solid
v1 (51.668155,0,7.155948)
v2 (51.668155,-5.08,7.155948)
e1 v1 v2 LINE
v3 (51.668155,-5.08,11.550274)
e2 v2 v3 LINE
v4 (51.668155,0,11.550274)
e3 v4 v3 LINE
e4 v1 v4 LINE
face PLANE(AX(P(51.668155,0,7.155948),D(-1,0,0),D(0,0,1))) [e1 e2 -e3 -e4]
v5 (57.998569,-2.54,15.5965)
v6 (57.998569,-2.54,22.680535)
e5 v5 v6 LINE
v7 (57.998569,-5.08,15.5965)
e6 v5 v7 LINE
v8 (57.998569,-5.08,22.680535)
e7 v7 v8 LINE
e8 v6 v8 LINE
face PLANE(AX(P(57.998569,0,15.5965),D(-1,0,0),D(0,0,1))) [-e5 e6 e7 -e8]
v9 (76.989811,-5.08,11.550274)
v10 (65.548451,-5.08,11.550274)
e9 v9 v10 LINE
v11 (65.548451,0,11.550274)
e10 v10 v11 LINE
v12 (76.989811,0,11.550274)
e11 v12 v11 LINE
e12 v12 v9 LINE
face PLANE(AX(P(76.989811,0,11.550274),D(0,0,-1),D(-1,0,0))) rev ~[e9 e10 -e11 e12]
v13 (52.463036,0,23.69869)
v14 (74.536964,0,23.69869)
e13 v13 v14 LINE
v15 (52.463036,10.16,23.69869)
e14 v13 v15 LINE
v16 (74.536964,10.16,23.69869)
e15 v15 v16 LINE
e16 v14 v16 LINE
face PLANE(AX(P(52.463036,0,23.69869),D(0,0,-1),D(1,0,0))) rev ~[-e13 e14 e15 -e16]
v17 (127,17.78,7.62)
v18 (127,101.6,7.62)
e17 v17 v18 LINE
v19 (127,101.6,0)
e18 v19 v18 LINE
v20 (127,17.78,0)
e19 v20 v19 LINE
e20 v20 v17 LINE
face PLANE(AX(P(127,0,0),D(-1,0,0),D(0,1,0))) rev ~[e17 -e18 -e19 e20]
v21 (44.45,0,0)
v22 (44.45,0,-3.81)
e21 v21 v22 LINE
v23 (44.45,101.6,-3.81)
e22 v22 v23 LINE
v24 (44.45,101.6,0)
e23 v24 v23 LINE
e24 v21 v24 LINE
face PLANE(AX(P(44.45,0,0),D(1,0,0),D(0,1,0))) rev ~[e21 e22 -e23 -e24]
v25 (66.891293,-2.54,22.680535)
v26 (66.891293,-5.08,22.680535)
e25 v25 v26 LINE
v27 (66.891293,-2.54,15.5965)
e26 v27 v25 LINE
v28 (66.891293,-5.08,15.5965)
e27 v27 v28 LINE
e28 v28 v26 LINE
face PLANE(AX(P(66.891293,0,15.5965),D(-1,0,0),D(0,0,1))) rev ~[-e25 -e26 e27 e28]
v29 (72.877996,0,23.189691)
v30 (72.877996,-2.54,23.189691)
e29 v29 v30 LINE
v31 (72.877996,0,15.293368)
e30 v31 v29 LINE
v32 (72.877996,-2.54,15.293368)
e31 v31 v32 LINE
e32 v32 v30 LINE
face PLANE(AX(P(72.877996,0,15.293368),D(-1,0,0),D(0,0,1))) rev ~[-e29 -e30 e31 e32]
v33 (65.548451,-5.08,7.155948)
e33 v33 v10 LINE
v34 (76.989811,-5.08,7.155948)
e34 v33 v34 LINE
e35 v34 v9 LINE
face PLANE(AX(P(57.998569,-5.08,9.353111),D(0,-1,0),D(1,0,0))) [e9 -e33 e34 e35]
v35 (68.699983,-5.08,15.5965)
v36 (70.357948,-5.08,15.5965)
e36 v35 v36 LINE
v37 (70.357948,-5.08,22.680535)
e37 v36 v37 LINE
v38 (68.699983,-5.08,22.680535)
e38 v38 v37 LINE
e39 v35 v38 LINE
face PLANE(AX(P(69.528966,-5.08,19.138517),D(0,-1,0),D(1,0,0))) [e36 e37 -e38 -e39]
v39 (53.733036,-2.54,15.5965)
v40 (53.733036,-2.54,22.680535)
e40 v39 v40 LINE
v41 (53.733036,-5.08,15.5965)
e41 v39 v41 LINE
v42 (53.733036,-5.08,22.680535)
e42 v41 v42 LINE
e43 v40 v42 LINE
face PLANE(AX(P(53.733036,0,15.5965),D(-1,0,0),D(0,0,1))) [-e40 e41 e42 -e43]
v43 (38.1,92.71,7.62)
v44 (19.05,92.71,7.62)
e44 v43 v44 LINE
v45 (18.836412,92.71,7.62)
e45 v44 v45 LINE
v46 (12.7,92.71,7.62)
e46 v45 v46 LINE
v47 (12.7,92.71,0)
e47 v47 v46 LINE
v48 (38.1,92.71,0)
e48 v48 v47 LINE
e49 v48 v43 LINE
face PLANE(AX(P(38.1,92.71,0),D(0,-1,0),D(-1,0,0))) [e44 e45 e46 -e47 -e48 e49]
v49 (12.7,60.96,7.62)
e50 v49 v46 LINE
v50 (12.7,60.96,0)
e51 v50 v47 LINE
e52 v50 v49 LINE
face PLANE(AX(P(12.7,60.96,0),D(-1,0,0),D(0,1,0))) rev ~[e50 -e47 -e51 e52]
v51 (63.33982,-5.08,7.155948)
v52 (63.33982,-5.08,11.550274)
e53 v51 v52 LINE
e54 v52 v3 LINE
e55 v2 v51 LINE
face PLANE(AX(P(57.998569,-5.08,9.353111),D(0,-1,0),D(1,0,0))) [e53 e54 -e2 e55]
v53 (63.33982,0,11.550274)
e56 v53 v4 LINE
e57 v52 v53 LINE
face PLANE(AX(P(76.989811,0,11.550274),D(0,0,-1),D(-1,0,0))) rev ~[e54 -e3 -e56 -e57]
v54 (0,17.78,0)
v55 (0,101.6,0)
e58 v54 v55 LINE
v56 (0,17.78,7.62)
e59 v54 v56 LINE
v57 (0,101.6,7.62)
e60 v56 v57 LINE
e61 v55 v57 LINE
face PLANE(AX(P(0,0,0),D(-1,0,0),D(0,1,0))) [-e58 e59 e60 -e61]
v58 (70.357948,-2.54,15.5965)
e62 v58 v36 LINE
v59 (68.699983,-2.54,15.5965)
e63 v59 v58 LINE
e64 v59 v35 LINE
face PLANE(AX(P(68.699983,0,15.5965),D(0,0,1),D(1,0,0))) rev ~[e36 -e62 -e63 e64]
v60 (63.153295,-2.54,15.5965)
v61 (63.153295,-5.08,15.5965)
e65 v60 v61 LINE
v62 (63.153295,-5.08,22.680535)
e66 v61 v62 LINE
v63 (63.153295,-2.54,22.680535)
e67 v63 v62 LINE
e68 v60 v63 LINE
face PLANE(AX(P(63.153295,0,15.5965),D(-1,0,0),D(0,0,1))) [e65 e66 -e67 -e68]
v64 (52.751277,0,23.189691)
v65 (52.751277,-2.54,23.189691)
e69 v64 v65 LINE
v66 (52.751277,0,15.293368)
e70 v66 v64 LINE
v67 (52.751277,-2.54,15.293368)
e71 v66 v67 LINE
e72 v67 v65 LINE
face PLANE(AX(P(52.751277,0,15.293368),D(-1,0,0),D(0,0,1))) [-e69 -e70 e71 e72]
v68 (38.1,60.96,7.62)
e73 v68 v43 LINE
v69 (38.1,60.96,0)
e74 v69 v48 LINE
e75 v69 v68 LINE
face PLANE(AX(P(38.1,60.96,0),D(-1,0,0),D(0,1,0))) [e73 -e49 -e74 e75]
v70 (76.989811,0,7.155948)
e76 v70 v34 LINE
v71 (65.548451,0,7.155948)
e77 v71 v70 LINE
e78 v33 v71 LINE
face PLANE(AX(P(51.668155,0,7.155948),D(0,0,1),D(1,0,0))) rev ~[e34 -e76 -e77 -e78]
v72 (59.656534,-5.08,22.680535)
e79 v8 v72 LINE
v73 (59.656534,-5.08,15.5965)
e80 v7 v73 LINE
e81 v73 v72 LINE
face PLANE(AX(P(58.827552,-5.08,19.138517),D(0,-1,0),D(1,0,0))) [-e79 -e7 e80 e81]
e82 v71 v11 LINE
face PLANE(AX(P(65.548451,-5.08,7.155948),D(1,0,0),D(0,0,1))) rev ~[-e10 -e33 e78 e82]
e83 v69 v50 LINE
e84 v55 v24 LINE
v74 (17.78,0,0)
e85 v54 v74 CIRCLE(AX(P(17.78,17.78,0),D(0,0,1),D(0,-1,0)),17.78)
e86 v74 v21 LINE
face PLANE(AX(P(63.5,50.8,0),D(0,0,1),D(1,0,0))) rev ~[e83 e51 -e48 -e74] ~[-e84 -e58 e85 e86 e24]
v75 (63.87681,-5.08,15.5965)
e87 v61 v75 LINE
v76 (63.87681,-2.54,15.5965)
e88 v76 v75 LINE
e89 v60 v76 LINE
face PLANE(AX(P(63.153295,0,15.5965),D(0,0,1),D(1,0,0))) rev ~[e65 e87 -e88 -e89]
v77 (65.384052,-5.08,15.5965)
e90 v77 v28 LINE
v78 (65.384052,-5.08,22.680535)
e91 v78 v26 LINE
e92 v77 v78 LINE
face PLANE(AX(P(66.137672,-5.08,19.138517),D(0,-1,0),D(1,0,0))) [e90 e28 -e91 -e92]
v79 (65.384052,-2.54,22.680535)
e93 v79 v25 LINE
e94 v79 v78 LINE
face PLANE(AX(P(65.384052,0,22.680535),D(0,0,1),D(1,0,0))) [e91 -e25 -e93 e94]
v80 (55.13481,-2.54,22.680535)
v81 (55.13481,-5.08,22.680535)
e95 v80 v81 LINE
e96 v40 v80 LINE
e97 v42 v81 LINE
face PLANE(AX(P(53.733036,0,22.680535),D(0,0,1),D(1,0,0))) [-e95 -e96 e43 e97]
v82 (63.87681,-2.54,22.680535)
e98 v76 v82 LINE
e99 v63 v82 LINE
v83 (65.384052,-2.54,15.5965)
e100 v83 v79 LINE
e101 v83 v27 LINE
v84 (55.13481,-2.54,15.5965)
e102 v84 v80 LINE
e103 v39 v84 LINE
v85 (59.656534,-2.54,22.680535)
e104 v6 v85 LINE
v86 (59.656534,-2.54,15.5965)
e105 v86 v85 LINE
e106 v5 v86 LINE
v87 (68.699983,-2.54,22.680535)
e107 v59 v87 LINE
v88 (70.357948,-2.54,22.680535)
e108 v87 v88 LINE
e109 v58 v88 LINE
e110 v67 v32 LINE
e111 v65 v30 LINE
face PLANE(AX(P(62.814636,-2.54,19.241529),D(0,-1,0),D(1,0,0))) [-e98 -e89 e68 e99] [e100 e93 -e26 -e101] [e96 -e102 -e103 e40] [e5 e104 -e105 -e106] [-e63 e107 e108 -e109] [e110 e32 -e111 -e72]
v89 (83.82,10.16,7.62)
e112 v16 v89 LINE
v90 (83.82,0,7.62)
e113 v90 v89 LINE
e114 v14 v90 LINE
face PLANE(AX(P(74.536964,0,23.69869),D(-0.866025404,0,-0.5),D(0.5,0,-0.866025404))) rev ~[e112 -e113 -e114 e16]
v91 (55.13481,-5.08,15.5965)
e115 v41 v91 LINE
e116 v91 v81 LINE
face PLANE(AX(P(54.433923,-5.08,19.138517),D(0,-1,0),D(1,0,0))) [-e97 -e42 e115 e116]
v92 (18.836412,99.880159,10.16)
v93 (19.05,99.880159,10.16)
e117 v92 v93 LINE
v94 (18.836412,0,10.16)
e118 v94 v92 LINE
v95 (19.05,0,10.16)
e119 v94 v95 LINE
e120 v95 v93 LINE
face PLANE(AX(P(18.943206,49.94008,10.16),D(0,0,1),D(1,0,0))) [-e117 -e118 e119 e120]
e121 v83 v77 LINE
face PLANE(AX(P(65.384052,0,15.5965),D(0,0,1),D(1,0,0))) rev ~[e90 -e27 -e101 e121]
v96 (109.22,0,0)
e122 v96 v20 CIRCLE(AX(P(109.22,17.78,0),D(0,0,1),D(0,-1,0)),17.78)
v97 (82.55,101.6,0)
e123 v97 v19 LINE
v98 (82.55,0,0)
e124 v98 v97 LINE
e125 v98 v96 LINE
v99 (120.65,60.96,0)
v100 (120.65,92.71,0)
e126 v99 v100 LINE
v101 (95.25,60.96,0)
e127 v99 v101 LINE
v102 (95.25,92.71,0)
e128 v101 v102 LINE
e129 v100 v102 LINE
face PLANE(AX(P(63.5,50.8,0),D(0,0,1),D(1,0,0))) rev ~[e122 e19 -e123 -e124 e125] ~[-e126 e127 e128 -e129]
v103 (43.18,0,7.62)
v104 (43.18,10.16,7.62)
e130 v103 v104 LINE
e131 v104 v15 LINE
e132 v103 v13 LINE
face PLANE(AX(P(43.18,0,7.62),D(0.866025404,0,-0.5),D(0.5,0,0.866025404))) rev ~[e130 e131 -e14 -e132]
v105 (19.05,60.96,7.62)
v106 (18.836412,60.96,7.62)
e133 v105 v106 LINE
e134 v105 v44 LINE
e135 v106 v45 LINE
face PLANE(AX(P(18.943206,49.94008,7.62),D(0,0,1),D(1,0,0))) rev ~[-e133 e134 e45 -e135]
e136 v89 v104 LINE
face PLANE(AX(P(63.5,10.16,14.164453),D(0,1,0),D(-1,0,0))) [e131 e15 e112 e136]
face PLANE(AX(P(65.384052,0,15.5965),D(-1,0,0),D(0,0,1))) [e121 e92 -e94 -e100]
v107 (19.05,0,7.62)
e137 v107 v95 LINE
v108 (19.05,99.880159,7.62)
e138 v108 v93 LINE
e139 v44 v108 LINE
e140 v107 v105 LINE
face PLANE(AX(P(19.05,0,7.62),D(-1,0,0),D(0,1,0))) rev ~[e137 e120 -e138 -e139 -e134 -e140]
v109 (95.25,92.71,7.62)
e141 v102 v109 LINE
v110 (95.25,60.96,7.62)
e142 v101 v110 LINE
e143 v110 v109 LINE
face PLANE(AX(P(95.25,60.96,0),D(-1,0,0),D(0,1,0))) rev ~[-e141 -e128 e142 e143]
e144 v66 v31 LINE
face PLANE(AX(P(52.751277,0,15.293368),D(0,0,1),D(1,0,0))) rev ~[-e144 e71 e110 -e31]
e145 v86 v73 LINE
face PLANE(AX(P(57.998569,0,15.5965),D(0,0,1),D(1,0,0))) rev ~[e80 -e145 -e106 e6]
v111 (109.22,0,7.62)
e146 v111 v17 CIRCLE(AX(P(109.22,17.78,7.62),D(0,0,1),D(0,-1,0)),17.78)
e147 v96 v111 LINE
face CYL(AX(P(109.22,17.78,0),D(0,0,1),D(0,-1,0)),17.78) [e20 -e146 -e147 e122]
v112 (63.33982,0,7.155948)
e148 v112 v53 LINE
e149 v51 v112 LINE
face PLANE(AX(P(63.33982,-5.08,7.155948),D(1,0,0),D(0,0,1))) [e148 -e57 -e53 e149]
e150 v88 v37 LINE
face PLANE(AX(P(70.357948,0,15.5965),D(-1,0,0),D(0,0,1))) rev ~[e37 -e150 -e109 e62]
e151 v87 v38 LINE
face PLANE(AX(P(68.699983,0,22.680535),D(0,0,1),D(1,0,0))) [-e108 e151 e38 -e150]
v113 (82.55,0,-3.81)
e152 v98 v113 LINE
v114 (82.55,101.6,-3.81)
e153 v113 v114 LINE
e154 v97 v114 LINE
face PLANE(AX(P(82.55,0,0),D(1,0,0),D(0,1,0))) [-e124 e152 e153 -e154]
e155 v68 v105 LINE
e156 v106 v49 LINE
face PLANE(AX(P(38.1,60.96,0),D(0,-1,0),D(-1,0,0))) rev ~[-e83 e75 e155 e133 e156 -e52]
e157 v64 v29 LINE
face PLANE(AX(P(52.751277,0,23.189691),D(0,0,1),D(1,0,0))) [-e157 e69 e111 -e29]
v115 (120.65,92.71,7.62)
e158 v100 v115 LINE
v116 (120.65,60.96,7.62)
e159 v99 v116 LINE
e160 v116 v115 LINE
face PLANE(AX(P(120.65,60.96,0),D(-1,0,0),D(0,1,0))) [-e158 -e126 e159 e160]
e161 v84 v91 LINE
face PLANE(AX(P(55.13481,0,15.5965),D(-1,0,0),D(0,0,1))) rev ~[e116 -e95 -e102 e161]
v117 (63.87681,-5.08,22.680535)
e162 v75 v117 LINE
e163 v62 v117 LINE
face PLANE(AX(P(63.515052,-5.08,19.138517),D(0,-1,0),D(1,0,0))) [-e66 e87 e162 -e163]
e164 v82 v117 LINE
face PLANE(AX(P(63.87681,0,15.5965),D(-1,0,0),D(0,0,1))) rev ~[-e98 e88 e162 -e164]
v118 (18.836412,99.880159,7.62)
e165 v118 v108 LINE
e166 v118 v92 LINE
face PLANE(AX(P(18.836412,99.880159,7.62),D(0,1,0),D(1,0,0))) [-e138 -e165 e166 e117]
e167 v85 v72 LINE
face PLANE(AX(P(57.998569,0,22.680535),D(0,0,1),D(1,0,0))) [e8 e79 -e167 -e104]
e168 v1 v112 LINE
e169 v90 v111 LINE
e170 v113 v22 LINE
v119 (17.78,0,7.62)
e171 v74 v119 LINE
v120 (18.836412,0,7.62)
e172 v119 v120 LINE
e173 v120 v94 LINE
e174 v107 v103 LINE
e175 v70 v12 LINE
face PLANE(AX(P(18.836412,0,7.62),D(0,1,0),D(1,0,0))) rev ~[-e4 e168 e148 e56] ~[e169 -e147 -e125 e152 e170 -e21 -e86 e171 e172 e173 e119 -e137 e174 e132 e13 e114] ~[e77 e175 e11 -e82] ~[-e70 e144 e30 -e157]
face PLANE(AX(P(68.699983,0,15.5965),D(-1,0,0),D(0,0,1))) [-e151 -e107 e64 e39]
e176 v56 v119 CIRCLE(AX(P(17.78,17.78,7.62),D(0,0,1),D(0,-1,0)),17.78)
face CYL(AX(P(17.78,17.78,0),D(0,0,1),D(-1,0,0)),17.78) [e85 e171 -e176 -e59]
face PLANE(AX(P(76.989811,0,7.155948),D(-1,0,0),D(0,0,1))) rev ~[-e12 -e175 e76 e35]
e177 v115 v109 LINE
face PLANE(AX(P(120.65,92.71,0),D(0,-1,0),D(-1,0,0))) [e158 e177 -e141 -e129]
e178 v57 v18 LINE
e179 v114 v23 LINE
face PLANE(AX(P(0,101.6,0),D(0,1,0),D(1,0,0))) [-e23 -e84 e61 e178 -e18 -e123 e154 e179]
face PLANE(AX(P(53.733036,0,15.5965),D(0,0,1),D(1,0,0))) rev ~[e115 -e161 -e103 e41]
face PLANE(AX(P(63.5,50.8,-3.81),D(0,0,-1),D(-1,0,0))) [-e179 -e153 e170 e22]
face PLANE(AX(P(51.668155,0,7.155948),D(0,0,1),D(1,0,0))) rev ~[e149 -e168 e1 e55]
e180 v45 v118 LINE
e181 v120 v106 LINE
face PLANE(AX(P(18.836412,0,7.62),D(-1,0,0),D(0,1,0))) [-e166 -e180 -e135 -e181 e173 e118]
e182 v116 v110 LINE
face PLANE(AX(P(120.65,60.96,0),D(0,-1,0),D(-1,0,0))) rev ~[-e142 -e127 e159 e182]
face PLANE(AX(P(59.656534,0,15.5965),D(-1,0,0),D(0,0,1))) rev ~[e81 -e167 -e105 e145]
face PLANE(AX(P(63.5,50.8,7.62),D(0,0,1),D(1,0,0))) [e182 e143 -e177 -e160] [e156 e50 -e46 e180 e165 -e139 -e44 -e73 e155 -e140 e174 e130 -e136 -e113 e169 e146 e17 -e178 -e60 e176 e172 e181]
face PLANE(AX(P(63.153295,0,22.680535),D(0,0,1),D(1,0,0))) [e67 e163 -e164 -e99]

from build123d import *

# Parameters (mm, degrees)
SKETCH1_W           = 127
SKETCH1_H           = 101.6
BOSS_EXTRUDE1_DEPTH = 7.62
SKETCH3_W           = 38.1
SKETCH3_H           = 101.6
BOSS_EXTRUDE2_DEPTH = 3.81
SKETCH4_W           = 25.4
SKETCH4_H           = 31.75
CUT_EXTRUDE1_DEPTH  = 7.62
FILLET1_R           = 17.78
BOSS_EXTRUDE3_DEPTH = 10.16
SKETCH6_W           = 1.401774382
SKETCH6_H           = 7.084034581
SKETCH6_W_2         = 1.657965541
SKETCH6_W_3         = 0.723515752
SKETCH6_W_4         = 1.5072414
SKETCH6_W_5         = 1.65796554
SKETCH6_W_6         = 12.660827761
SKETCH6_H_2         = 4.394326049
SKETCH6_W_7         = 12.660827762
BOSS_EXTRUDE4_DEPTH = 5.08
SKETCH7_W           = 0.989162869
SKETCH7_H           = 4.394326049
SKETCH7_W_2         = 1.219468424
CUT_EXTRUDE2_DEPTH  = 5.08
SKETCH8_W           = 20.126718604
SKETCH8_H           = 7.896323228
BOSS_EXTRUDE5_DEPTH = 2.54
SKETCH9_W           = 0.213588314
SKETCH9_H           = 99.880159493
BOSS_EXTRUDE6_DEPTH = 2.54


with BuildPart() as part:
    # Sketch1 → Boss-Extrude1 (new body)
    with BuildSketch(Plane.XY):
        with Locations((63.5, 50.8)):
            Rectangle(SKETCH1_W, SKETCH1_H)
    extrude(amount=BOSS_EXTRUDE1_DEPTH)

    # Sketch3 → Boss-Extrude2 (add)
    with BuildSketch(Plane(origin=(0, 0, 0), x_dir=(-1, 0, 0), z_dir=(0, 0, -1))):
        with Locations((-63.5, 50.8)):
            Rectangle(SKETCH3_W, SKETCH3_H)
    extrude(amount=BOSS_EXTRUDE2_DEPTH)

    # Sketch4 → Cut-Extrude1 (cut)
    with BuildSketch(Plane(origin=(0, 0, 0), x_dir=(-1, 0, 0), z_dir=(0, 0, -1))):
        with Locations((-25.4, 76.835)):
            Rectangle(SKETCH4_W, SKETCH4_H)
        with Locations((-107.95, 76.835)):
            Rectangle(SKETCH4_W, SKETCH4_H)
    extrude(amount=-CUT_EXTRUDE1_DEPTH, mode=Mode.SUBTRACT)

    # Fillet1
    fillet1_edges = [part.edges().sort_by_distance(p)[0] for p in [
        (127, 0, 3.81),
        (0, 0, 3.81),
    ]]
    fillet(fillet1_edges, radius=FILLET1_R)

    # Sketch5 → Boss-Extrude3 (add)
    with BuildSketch(Plane.XZ):
        Polygon((43.18, 7.62), (52.463035847, 23.698689735), (74.536964153, 23.698689735), (83.82, 7.62), align=None)
    extrude(amount=-BOSS_EXTRUDE3_DEPTH)

    # Sketch6 → Boss-Extrude4 (add)
    with BuildSketch(Plane.XZ):
        with Locations((54.433923038, 19.138517409)):
            Rectangle(SKETCH6_W, SKETCH6_H)
        with Locations((58.82755166, 19.138517409)):
            Rectangle(SKETCH6_W_2, SKETCH6_H)
        with Locations((63.515052474, 19.138517409)):
            Rectangle(SKETCH6_W_3, SKETCH6_H)
        with Locations((66.13767245, 19.138517409)):
            Rectangle(SKETCH6_W_4, SKETCH6_H)
        with Locations((69.528965601, 19.138517409)):
            Rectangle(SKETCH6_W_5, SKETCH6_H)
        with Locations((57.99856889, 9.353111302)):
            Rectangle(SKETCH6_W_6, SKETCH6_H_2)
        with Locations((70.659396651, 9.353111302)):
            Rectangle(SKETCH6_W_7, SKETCH6_H_2)
    extrude(amount=BOSS_EXTRUDE4_DEPTH)

    # Sketch7 → Cut-Extrude2 (cut)
    with BuildSketch(Plane.XZ.offset(5.08)):
        with Locations((63.834401336, 9.353111302)):
            Rectangle(SKETCH7_W, SKETCH7_H)
        with Locations((64.938716982, 9.353111302)):
            Rectangle(SKETCH7_W_2, SKETCH7_H)
    extrude(amount=-CUT_EXTRUDE2_DEPTH, mode=Mode.SUBTRACT)

    # Sketch8 → Boss-Extrude5 (add)
    with BuildSketch(Plane.XZ):
        with Locations((62.814636368, 19.241529297)):
            Rectangle(SKETCH8_W, SKETCH8_H)
    extrude(amount=BOSS_EXTRUDE5_DEPTH)

    # Sketch9 → Boss-Extrude6 (add)
    with BuildSketch(Plane.XY.offset(7.62)):
        with Locations((18.943205843, 49.940079747)):
            Rectangle(SKETCH9_W, SKETCH9_H)
    extrude(amount=BOSS_EXTRUDE6_DEPTH)


solid = part.part
